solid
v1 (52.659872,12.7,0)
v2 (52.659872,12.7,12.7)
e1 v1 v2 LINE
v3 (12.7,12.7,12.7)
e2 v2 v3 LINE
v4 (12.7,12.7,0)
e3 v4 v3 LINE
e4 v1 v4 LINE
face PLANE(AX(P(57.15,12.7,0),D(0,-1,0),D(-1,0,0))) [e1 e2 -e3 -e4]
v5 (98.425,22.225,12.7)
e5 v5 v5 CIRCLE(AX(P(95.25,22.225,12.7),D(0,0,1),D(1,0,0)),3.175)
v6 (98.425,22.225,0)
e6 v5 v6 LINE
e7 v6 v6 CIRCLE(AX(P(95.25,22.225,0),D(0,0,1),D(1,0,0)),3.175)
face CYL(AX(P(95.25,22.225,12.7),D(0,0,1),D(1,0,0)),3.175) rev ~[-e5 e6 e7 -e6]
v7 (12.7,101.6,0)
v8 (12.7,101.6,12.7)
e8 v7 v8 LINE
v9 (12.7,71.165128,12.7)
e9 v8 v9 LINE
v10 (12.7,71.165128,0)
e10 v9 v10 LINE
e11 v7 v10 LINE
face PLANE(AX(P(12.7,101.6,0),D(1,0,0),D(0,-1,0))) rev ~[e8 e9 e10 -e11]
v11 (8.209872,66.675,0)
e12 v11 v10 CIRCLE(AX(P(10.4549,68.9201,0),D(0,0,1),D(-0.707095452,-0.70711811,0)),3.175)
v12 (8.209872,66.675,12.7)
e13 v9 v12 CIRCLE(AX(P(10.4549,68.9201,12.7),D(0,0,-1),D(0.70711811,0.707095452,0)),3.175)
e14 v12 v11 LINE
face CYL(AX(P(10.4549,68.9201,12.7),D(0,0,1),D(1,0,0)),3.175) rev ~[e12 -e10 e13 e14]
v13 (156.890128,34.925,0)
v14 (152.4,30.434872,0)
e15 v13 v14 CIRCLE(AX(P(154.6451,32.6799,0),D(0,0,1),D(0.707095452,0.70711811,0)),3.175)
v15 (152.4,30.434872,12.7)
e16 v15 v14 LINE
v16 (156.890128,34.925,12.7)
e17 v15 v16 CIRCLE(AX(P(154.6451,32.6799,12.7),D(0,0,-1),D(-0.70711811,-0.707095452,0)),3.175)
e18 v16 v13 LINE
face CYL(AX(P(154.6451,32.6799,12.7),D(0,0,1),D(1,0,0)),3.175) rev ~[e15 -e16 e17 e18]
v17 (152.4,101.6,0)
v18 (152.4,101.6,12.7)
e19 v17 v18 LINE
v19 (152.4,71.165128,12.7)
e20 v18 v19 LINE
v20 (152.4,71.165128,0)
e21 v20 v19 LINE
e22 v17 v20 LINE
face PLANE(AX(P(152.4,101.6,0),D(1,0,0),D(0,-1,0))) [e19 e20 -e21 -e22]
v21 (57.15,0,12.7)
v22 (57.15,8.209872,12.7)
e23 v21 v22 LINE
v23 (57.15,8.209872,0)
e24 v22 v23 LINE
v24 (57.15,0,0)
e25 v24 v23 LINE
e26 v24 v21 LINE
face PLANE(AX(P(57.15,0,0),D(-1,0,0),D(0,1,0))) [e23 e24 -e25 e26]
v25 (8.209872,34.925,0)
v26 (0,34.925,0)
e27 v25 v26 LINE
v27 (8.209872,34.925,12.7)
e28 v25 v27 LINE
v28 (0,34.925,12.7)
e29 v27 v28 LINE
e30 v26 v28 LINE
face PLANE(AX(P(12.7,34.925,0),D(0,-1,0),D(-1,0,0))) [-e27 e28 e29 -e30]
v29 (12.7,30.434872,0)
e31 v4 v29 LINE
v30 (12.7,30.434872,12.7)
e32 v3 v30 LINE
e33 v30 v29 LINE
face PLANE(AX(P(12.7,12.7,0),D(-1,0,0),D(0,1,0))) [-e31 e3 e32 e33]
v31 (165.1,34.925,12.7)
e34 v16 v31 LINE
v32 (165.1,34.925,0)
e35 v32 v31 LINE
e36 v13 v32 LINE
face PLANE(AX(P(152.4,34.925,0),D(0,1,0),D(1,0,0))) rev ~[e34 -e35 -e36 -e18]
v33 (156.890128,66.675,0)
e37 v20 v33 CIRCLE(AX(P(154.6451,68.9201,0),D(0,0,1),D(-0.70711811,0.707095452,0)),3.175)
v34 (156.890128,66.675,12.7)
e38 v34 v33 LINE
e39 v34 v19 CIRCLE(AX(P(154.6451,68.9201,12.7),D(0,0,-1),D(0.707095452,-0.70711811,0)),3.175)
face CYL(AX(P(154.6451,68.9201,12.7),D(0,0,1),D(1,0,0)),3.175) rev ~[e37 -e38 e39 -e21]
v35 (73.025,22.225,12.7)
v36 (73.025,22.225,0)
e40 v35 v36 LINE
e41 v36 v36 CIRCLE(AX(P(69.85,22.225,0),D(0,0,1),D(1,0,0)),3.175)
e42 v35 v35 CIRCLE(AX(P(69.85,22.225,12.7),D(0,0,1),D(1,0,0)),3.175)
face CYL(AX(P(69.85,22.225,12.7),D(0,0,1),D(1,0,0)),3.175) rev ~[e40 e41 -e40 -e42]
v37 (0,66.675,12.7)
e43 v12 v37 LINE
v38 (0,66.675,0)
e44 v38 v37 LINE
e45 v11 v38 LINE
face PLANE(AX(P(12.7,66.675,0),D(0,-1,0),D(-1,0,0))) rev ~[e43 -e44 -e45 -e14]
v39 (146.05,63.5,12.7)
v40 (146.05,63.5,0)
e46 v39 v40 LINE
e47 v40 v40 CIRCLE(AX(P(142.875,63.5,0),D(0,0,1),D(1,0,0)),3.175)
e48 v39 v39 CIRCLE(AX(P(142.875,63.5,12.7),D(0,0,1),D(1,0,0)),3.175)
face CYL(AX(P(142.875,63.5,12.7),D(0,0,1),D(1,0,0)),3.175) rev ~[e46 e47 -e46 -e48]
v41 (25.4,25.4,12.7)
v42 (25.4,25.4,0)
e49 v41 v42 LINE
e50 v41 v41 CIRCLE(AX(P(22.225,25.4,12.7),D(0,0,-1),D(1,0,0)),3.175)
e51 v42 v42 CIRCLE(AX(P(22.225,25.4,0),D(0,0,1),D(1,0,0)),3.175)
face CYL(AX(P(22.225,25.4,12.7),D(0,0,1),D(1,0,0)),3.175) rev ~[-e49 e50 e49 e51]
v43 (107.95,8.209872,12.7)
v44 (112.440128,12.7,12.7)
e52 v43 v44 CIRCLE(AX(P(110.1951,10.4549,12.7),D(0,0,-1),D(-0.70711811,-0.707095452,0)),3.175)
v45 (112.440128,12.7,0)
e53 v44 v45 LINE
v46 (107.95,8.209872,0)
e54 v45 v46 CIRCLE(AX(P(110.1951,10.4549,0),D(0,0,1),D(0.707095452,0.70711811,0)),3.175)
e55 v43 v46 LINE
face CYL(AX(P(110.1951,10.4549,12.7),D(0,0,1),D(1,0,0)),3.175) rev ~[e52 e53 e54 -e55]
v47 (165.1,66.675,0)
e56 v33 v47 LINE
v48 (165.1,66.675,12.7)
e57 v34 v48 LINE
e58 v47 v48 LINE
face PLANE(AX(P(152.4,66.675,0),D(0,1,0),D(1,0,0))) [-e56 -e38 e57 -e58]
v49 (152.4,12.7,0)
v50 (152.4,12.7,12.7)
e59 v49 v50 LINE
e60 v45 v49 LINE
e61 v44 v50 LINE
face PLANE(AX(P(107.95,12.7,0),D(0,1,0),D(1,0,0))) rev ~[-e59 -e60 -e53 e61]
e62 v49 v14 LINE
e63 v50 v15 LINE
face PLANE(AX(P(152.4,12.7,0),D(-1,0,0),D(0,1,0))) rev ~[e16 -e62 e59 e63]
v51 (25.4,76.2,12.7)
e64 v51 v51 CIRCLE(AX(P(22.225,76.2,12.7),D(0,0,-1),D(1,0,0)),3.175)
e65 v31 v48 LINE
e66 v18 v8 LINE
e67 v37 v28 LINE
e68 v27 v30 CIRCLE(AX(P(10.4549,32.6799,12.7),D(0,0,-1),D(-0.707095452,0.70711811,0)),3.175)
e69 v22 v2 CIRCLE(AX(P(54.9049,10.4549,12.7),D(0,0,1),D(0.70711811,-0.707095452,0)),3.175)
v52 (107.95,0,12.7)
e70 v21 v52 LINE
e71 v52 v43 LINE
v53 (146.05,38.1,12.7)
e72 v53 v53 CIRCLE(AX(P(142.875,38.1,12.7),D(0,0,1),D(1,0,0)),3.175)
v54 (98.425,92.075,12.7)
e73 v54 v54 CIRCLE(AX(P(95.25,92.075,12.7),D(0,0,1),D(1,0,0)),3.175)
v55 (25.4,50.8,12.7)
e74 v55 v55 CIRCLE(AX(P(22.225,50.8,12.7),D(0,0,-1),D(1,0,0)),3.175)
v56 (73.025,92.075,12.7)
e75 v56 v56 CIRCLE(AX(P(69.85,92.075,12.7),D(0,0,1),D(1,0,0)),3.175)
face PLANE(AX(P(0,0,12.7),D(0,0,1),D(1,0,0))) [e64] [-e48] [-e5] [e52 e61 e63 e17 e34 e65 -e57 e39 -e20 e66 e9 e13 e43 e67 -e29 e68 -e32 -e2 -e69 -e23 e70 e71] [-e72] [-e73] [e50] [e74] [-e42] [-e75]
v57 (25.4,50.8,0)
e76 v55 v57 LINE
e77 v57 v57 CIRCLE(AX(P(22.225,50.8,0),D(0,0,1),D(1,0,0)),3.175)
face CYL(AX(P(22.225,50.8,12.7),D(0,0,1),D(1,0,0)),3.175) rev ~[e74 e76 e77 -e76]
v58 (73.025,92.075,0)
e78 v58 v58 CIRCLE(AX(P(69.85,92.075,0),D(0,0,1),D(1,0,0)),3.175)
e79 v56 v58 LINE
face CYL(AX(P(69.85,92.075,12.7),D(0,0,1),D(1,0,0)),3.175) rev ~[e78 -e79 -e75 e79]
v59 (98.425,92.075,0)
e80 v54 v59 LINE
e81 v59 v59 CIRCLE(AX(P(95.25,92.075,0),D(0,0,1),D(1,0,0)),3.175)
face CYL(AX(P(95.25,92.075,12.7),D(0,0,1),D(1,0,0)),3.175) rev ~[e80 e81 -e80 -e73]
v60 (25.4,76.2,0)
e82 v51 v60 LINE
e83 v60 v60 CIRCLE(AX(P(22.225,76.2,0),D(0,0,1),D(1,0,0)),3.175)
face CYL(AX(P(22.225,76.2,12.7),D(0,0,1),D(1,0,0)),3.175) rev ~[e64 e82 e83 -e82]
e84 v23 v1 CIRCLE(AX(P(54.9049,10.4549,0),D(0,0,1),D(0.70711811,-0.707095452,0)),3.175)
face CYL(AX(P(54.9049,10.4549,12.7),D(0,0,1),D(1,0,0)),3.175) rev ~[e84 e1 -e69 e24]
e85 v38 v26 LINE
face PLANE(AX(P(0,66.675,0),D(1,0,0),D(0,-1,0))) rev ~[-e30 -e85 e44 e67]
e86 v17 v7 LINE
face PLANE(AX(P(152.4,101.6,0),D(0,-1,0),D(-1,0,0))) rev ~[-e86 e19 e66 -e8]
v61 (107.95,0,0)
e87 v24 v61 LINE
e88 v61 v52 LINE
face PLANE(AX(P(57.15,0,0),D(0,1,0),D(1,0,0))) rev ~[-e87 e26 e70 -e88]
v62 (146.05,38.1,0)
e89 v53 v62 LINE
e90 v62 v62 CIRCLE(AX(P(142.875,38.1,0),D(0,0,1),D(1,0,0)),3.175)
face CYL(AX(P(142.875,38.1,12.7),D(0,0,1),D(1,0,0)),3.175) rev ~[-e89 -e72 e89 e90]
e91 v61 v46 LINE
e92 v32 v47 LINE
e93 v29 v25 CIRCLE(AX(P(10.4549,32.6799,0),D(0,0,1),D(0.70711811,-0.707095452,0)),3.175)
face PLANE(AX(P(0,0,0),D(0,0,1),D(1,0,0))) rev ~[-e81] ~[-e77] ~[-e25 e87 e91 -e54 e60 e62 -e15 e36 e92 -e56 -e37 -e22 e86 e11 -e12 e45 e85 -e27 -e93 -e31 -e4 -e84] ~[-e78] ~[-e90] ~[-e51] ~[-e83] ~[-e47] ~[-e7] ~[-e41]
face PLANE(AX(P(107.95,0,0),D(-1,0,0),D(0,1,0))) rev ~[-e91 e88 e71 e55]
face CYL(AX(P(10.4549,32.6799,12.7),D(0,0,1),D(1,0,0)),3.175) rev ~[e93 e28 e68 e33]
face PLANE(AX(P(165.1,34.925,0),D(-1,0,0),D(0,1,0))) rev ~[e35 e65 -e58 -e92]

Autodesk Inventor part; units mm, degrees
ref_plane "YZ Plane" through (0, 0, 0) normal (1, 0, 0) x (0, 1, 0)
ref_plane "XZ Plane" through (0, 0, 0) normal (0, 1, 0) x (-1, 0, 0)
ref_plane "XY Plane" through (0, 0, 0) normal (0, 0, 1) x (1, 0, 0)
sketch "Sketch1" plane through (0, 0, 0) normal (0, 0, 1) x (1, 0, 0)
  line L0 (0, 0) -> (165.1, 0)
  line L1 (165.1, 0) -> (165.1, 101.6)
  line L2 (165.1, 101.6) -> (0, 101.6)
  line L3 (0, 101.6) -> (0, 0)
  line L4 (0, 0) -> (57.15, 0)
  line L5 (57.15, 0) -> (57.15, 12.7)
  line L6 (57.15, 12.7) -> (0, 12.7)
  line L7 (0, 12.7) -> (0, 0)
  line L8 (165.1, 0) -> (107.95, 0)
  line L9 (107.95, 0) -> (107.95, 12.7)
  line L10 (107.95, 12.7) -> (165.1, 12.7)
  line L11 (165.1, 12.7) -> (165.1, 0)
  line L12 (0, 12.7) -> (12.7, 12.7)
  line L13 (12.7, 12.7) -> (12.7, 34.925)
  line L14 (12.7, 34.925) -> (0, 34.925)
  line L15 (0, 34.925) -> (0, 12.7)
  line L16 (165.1, 12.7) -> (152.4, 12.7)
  line L17 (152.4, 12.7) -> (152.4, 34.925)
  line L18 (152.4, 34.925) -> (165.1, 34.925)
  line L19 (165.1, 34.925) -> (165.1, 12.7)
  line L20 (0, 101.6) -> (12.7, 101.6)
  line L21 (12.7, 101.6) -> (12.7, 66.675)
  line L22 (12.7, 66.675) -> (0, 66.675)
  line L23 (0, 66.675) -> (0, 101.6)
  line L24 (165.1, 101.6) -> (152.4, 101.6)
  line L25 (152.4, 101.6) -> (152.4, 66.675)
  line L26 (152.4, 66.675) -> (165.1, 66.675)
  line L27 (165.1, 66.675) -> (165.1, 101.6)
  point P0 (0, 66.675)
  point P1 (0, 34.925)
  dimension "d0" = 101.6
  dimension "d1" = 165.1
  dimension "d2" = 57.15
  dimension "d3" = 12.7
  dimension "d4" = 57.15
  dimension "d5" = 12.7
  dimension "d6" = 12.7
  dimension "d7" = 22.225
  dimension "d8" = 12.7
  dimension "d9" = 22.225
  dimension "d10" = 12.7
  dimension "d11" = 34.925
  dimension "d12" = 12.7
  dimension "d13" = 34.925
extrude "Extrusion1" add sketch "Sketch1" along normal blind 12.7 contours L5 L6 L13 L14 L3 L22 L21 L2 L25 L26 L1 L18 L17 L10 L9 L0
sketch "Sketch2" plane through (0, 0, 12.7) normal (0, 0, 1) x (1, 0, 0)
  line L0 (12.7, 66.675) -> (0, 66.675) projected
  line L1 (12.7, 66.675) -> (10.4549, 68.9201)
  line L2 (12.7, 101.6) -> (12.7, 66.675) projected
  line L3 (12.7, 34.925) -> (12.7, 12.7) projected
  line L4 (12.7, 34.925) -> (10.4549, 32.6799)
  line L5 (57.15, 12.7) -> (57.15, 0) projected
  line L6 (57.15, 12.7) -> (54.9049, 10.4549)
  line L7 (107.95, 0) -> (107.95, 12.7) projected
  line L8 (107.95, 12.7) -> (110.1951, 10.4549)
  line L9 (107.95, 12.7) -> (152.4, 12.7) projected
  line L10 (152.4, 12.7) -> (152.4, 34.925) projected
  line L11 (152.4, 34.925) -> (154.6451, 32.6799)
  line L12 (152.4, 34.925) -> (165.1, 34.925) projected
  line L13 (165.1, 66.675) -> (152.4, 66.675) projected
  line L14 (152.4, 66.675) -> (154.6451, 68.9201)
  circle A0 centre (10.4549, 68.9201) radius 3.175
  circle A1 centre (10.4549, 32.6799) radius 3.175
  circle A2 centre (54.9049, 10.4549) radius 3.175
  circle A3 centre (110.1951, 10.4549) radius 3.175
  circle A4 centre (154.6451, 32.6799) radius 3.175
  circle A5 centre (154.6451, 68.9201) radius 3.175
  point P0 (0, 0)
  dimension "d16" = 3.175
  dimension "d17" = 45
  dimension "d18" = 3.175
  dimension "d19" = 45
  dimension "d20" = 3.175
  dimension "d21" = 45
  dimension "d22" = 3.175
  dimension "d23" = 45
  dimension "d24" = 3.175
  dimension "d25" = 45
  dimension "d26" = 3.175
  dimension "d27" = 45
  dimension "d28" = 6.35
  dimension "d29" = 6.35
  dimension "d30" = 6.35
  dimension "d31" = 6.35
  dimension "d32" = 6.35
  dimension "d33" = 6.35
extrude "Extrusion2" cut sketch "Sketch2" against normal blind 12.7
sketch "Sketch4" plane through (0, 0, 12.7) normal (0, 0, 1) x (1, 0, 0)
  circle A0 centre (22.225, 82.55) radius 3.175
  circle A1 centre (22.225, 57.15) radius 3.175
  line L0 (12.7, 101.6) -> (12.7, 71.1651) projected
  circle A2 centre (22.225, 31.75) radius 3.175
  line L1 (12.7, 30.4349) -> (12.7, 12.7) projected
  line L2 (57.15, 0) -> (107.95, 0) projected
  circle A3 centre (142.875, 31.75) radius 3.175
  circle A4 centre (142.875, 57.15) radius 3.175
  circle A5 centre (142.875, 82.55) radius 3.175
  line L3 (152.4, 71.1651) -> (152.4, 101.6) projected
  line L4 (152.4, 12.7) -> (152.4, 30.4349) projected
  circle A6 centre (82.55, 22.225) radius 3.175
  line L5 (112.4401, 12.7) -> (152.4, 12.7) projected
  line L6 (57.15, 8.2099) -> (57.15, 0) projected
  circle A7 centre (57.15, 22.225) radius 3.175
  line L7 (12.7, 12.7) -> (52.6599, 12.7) projected
  circle A8 centre (107.95, 22.225) radius 3.175
  point P0 (0, 0)
  dimension "d63" = 6.35
  dimension "d64" = 6.35
  dimension "d65" = 9.525
  dimension "d66" = 9.525
  dimension "d67" = 6.35
  dimension "d68" = 9.525
  dimension "d69" = 31.75
  dimension "d70" = 25.4
  dimension "d71" = 25.4
  dimension "d72" = 6.35
  dimension "d73" = 6.35
  dimension "d74" = 6.35
  dimension "d75" = 9.525
  dimension "d76" = 9.525
  dimension "d77" = 9.525
  dimension "d78" = 31.75
  dimension "d79" = 25.4
  dimension "d80" = 25.4
  dimension "d81" = 6.35
  dimension "d82" = 9.525
  dimension "d83" = 25.4
  dimension "d84" = 6.35
  dimension "d85" = 9.525
  dimension "d86" = 25.4
  dimension "d87" = 6.35
  dimension "d88" = 25.4
  dimension "d89" = 9.525
extrude "Extrusion4" cut sketch "Sketch4" against normal blind 12.7
sketch "Sketch5" plane through (0, 0, 12.7) normal (0, 0, 1) x (1, 0, 0)
  circle A0 centre (22.225, 76.2) radius 3.175
  circle A1 centre (22.225, 82.55) radius 3.175 projected
  circle A2 centre (22.225, 50.8) radius 3.175
  circle A3 centre (22.225, 25.4) radius 3.175
  line L0 (12.7, 101.6) -> (12.7, 71.1651) projected
  point P0 (0, 0)
  dimension "d92" = 6.35
  dimension "d93" = 6.35
  dimension "d94" = 6.35
  dimension "d95" = 6.35
  dimension "d96" = 9.525
  dimension "d97" = 9.525
  dimension "d98" = 9.525
  dimension "d99" = 25.4
  dimension "d100" = 25.4
extrude "Extrusion5" cut sketch "Sketch5" against normal blind 12.7 contours A0 | A2 | A3
sketch "Sketch6" plane through (0, 0, 12.7) normal (0, 0, 1) x (1, 0, 0)
  circle A0 centre (22.225, 82.55) radius 3.175 projected
  circle A1 centre (22.225, 82.55) radius 3.175
  circle A2 centre (22.225, 57.15) radius 3.175 projected
  circle A3 centre (22.225, 57.15) radius 3.175
  circle A4 centre (22.225, 31.75) radius 3.175 projected
  circle A5 centre (22.225, 31.75) radius 3.175
  point P0 (0, 0)
  point P1 (22.225, 79.375)
  point P2 (22.225, 53.975)
  point P3 (22.225, 28.575)
  dimension "d103" = 6.35
  dimension "d104" = 6.35
  dimension "d105" = 6.35
extrude "Extrusion6" add sketch "Sketch6" against normal blind 12.7
sketch "Sketch8" plane through (0, 0, 12.7) normal (0, 0, 1) x (1, 0, 0)
  circle A0 centre (142.875, 82.55) radius 3.175 projected
  circle A1 centre (142.875, 82.55) radius 3.175
  circle A2 centre (142.875, 57.15) radius 3.175 projected
  circle A3 centre (142.875, 57.15) radius 3.175
  circle A4 centre (142.875, 31.75) radius 3.175 projected
  circle A5 centre (142.875, 31.75) radius 3.175
  point P0 (0, 0)
  dimension "d116" = 6.35
  dimension "d117" = 6.35
  dimension "d118" = 6.35
extrude "Extrusion8" add sketch "Sketch8" against normal blind 12.7
sketch "Sketch11" plane through (0, 0, 12.7) normal (0, 0, 1) x (1, 0, 0)
  circle A0 centre (69.85, 22.225) radius 3.175
  circle A1 centre (95.25, 22.225) radius 3.175
  line L0 (12.7, 12.7) -> (52.6599, 12.7) projected
  line L1 (112.4401, 12.7) -> (152.4, 12.7) projected
  line L2 (57.15, 8.2099) -> (57.15, 0) projected
  line L3 (107.95, 0) -> (107.95, 8.2099) projected
  point P0 (0, 0)
  dimension "d132" = 6.35
  dimension "d133" = 6.35
  dimension "d134" = 9.525
  dimension "d135" = 9.525
  dimension "d136" = 12.7
  dimension "d137" = 12.7
extrude "Extrusion10" cut sketch "Sketch11" against normal blind 12.7
sketch "Sketch12" plane through (0, 0, 12.7) normal (0, 0, 1) x (1, 0, 0)
  circle A0 centre (82.55, 22.225) radius 3.175 projected
  circle A1 centre (82.55, 22.225) radius 3.175
  circle A2 centre (57.15, 22.225) radius 3.175 projected
  circle A3 centre (57.15, 22.225) radius 3.175
  circle A4 centre (107.95, 22.225) radius 3.175 projected
  circle A5 centre (107.95, 22.225) radius 3.175
  point P0 (0, 0)
  dimension "d140" = 6.35
  dimension "d141" = 6.35
  dimension "d142" = 6.35
extrude "Extrusion11" add sketch "Sketch12" against normal blind 12.7
sketch "Sketch13" plane through (0, 0, 12.7) normal (0, 0, 1) x (1, 0, 0)
  circle A0 centre (69.85, 92.075) radius 3.175
  circle A1 centre (95.25, 92.075) radius 3.175
  line L0 (152.4, 101.6) -> (12.7, 101.6) projected
  line L1 (57.15, 8.2099) -> (57.15, 0) projected
  point P0 (0, 0)
  dimension "d145" = 6.35
  dimension "d146" = 6.35
  dimension "d147" = 9.525
  dimension "d148" = 9.525
  dimension "d149" = 25.4
  dimension "d150" = 12.7
extrude "Extrusion12" cut sketch "Sketch13" against normal blind 12.7
sketch "Sketch14" plane through (0, 0, 12.7) normal (0, 0, 1) x (1, 0, 0)
  line L0 (57.15, 0) -> (107.95, 0) projected
  line L1 (152.4, 12.7) -> (152.4, 30.4349) projected
  circle A0 centre (142.875, 38.1) radius 3.175
  circle A1 centre (142.875, 63.5) radius 3.175
  point P0 (0, 0)
  dimension "d156" = 6.35
  dimension "d158" = 6.35
  dimension "d160" = 9.525
  dimension "d161" = 9.525
  dimension "d162" = 25.4
  dimension "d165" = 38.1
extrude "Extrusion13" cut sketch "Sketch14" against normal blind 12.7
properties part number "Front Wall"
